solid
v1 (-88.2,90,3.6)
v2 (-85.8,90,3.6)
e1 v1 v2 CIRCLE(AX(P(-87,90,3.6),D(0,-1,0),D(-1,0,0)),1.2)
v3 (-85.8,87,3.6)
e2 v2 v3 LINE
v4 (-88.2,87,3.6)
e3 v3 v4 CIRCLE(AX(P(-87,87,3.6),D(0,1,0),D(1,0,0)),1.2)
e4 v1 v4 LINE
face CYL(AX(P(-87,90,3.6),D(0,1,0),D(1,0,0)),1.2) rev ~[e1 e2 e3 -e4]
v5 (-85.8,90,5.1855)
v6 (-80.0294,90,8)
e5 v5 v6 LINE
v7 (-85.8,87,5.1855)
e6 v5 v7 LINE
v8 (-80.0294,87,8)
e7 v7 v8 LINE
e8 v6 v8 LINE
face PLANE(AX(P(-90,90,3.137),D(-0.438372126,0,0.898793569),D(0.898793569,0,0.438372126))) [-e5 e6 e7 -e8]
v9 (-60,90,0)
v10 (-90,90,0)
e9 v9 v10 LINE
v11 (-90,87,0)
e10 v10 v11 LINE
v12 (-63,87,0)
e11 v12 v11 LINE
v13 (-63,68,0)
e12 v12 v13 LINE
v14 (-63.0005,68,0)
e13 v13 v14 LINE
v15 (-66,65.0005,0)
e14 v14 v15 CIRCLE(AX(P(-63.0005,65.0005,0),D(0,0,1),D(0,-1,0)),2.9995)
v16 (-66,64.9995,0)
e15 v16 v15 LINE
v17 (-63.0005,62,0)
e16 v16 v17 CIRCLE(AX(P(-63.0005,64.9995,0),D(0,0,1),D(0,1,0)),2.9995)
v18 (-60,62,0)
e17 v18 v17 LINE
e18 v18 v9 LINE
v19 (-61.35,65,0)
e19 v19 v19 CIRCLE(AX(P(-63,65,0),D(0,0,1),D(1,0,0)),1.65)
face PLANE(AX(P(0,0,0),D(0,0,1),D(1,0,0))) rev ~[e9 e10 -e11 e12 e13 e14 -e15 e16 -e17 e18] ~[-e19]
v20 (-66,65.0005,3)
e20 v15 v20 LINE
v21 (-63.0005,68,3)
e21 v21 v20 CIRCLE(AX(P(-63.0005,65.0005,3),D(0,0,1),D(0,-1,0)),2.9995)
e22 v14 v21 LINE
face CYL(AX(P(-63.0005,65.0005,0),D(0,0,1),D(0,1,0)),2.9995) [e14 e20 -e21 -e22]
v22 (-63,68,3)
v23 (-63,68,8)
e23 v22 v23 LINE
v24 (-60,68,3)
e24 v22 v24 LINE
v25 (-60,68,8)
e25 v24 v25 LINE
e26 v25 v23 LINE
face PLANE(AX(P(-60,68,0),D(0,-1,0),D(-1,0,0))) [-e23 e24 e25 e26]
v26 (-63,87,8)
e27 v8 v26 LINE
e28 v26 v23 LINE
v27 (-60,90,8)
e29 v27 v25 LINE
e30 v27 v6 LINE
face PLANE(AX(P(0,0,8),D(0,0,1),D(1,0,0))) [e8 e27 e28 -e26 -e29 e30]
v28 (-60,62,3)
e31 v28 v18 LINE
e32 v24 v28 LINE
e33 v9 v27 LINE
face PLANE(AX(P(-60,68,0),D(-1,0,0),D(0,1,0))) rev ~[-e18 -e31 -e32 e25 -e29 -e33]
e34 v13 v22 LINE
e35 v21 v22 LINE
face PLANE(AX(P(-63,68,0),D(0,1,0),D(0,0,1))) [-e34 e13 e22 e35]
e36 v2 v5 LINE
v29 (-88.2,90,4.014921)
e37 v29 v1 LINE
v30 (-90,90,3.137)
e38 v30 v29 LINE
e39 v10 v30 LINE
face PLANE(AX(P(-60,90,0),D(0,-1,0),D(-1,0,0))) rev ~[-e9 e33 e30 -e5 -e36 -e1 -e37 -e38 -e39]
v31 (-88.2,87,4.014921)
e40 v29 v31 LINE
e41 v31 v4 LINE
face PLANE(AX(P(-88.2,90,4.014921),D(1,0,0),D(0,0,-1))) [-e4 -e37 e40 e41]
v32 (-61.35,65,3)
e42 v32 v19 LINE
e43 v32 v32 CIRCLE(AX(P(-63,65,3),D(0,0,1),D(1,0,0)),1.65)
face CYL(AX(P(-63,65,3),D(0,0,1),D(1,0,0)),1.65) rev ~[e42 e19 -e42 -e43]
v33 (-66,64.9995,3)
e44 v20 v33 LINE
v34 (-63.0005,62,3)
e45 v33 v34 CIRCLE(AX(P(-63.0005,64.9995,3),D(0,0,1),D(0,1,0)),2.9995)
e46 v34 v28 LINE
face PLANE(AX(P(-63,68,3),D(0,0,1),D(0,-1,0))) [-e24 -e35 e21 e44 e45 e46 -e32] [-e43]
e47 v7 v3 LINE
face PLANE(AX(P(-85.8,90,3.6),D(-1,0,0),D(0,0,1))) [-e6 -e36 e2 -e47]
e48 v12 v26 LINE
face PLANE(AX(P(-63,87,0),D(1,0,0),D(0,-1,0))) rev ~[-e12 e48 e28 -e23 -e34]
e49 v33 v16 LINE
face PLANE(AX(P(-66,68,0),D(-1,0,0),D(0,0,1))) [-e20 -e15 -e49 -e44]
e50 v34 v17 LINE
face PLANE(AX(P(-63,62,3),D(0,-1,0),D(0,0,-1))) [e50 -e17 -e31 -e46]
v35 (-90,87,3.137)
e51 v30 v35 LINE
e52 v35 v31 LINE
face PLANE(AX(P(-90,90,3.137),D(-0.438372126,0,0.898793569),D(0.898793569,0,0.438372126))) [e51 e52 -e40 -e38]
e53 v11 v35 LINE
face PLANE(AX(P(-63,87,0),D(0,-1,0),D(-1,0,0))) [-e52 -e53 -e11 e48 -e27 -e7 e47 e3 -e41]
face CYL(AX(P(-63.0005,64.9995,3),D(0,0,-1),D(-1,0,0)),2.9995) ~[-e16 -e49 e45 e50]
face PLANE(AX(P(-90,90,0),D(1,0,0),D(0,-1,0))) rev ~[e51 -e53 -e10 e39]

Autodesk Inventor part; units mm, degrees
ref_plane "YZ Plane" through (0, 0, 0) normal (1, 0, 0) x (0, 1, 0)
ref_plane "XZ Plane" through (0, 0, 0) normal (0, 1, 0) x (-1, 0, 0)
ref_plane "XY Plane" through (0, 0, 0) normal (0, 0, 1) x (1, 0, 0)
sketch "Sketch1" plane through (0, 0, 0) normal (0, 0, 1) x (1, 0, 0)
  line L0 (-58, -60) -> (-60, -60) projected
  line L1 (-60, -60) -> (-60, -39.5) projected
  line L2 (-60, -39.5) -> (-58, -39.5) projected
  line L3 (-58, -39.5) -> (-58, -60) projected
  line L4 (49.6, 30) -> (51.6, 30) projected
  line L5 (51.6, 30) -> (51.6, 9.5) projected
  line L6 (51.6, 9.5) -> (49.6, 9.5) projected
  line L7 (49.6, 9.5) -> (49.6, 30) projected
  line L8 (-58, 39.5) -> (-60, 39.5) projected
  line L9 (-60, 39.5) -> (-60, 60) projected
  line L10 (-60, 60) -> (-58, 60) projected
  line L11 (-58, 60) -> (-58, 39.5) projected
  line L12 (-21.6, -39.5) -> (-19.6, -39.5) projected
  line L13 (-19.6, -39.5) -> (-19.6, -60) projected
  line L14 (-19.6, -60) -> (-21.6, -60) projected
  line L15 (-21.6, -60) -> (-21.6, -39.5) projected
  line L16 (51.6, -30) -> (49.6, -30) projected
  line L17 (49.6, -30) -> (49.6, -9.5) projected
  line L18 (49.6, -9.5) -> (51.6, -9.5) projected
  line L19 (51.6, -9.5) -> (51.6, -30) projected
  line L20 (-21.6, 60) -> (-19.6, 60) projected
  line L21 (-19.6, 60) -> (-19.6, 39.5) projected
  line L22 (-19.6, 39.5) -> (-21.6, 39.5) projected
  line L23 (-21.6, 39.5) -> (-21.6, 60) projected
  line L24 (90, -35) -> (90, 35) projected
  line L25 (90, 35) -> (49.6, 35) projected
  line L26 (49.6, 35) -> (49.6, 60) projected
  line L27 (49.6, 60) -> (90, 60) projected
  line L28 (90, 60) -> (90, 90) projected
  line L29 (90, 90) -> (-19.6, 90) projected
  line L30 (-19.6, 90) -> (-19.6, 65) projected
  line L31 (-19.6, 65) -> (-60, 65) projected
  line L32 (-60, 65) -> (-60, 90) projected
  line L33 (-60, 90) -> (-90, 90) projected
  line L34 (-90, 90) -> (-90, -90) projected
  line L35 (-90, -90) -> (-60, -90) projected
  line L36 (-60, -90) -> (-60, -65) projected
  line L37 (-60, -65) -> (-19.6, -65) projected
  line L38 (-19.6, -65) -> (-19.6, -90) projected
  line L39 (-19.6, -90) -> (90, -90) projected
  line L40 (90, -90) -> (90, -60) projected
  line L41 (90, -60) -> (49.6, -60) projected
  line L42 (49.6, -60) -> (49.6, -35) projected
  line L43 (49.6, -35) -> (90, -35) projected
  line L44 (86, -32) -> (73.8, -32) projected
  line L45 (73.8, -32) -> (73.8, -7.5) projected
  line L46 (73.8, -7.5) -> (86, -7.5) projected
  line L47 (86, -7.5) -> (86, -32) projected
  line L48 (65.8, -32) -> (53.6, -32) projected
  line L49 (53.6, -32) -> (53.6, -7.5) projected
  line L50 (53.6, -7.5) -> (65.8, -7.5) projected
  line L51 (65.8, -7.5) -> (65.8, -32) projected
  line L52 (86, -86) -> (70.6, -86) projected
  line L53 (70.6, -86) -> (70.6, -69.8) projected
  line L54 (70.6, -69.8) -> (86, -69.8) projected
  line L55 (86, -69.8) -> (86, -86) projected
  line L56 (86, 86) -> (86, 69.8) projected
  line L57 (86, 69.8) -> (70.6, 69.8) projected
  line L58 (70.6, 69.8) -> (70.6, 86) projected
  line L59 (70.6, 86) -> (86, 86) projected
  line L60 (73.8, 32) -> (86, 32) projected
  line L61 (86, 32) -> (86, 7.5) projected
  line L62 (86, 7.5) -> (73.8, 7.5) projected
  line L63 (73.8, 7.5) -> (73.8, 32) projected
  line L64 (65.8, 32) -> (65.8, 7.5) projected
  line L65 (65.8, 7.5) -> (53.6, 7.5) projected
  line L66 (53.6, 7.5) -> (53.6, 32) projected
  line L67 (53.6, 32) -> (65.8, 32) projected
  line L68 (-69.6, -87) -> (-85, -87) projected
  line L69 (-85, -87) -> (-85, -70.8) projected
  line L70 (-85, -70.8) -> (-69.6, -70.8) projected
  line L71 (-69.6, -70.8) -> (-69.6, -87) projected
  line L72 (-56, -62) -> (-56, -37.5) projected
  line L73 (-56, -37.5) -> (-43.8, -37.5) projected
  line L74 (-43.8, -37.5) -> (-43.8, -62) projected
  line L75 (-43.8, -62) -> (-56, -62) projected
  line L76 (-56, 62) -> (-43.8, 62) projected
  line L77 (-43.8, 62) -> (-43.8, 37.5) projected
  line L78 (-43.8, 37.5) -> (-56, 37.5) projected
  line L79 (-56, 37.5) -> (-56, 62) projected
  line L80 (-23.6, 62) -> (-23.6, 37.5) projected
  line L81 (-23.6, 37.5) -> (-35.8, 37.5) projected
  line L82 (-35.8, 37.5) -> (-35.8, 62) projected
  line L83 (-35.8, 62) -> (-23.6, 62) projected
  line L84 (-23.6, -62) -> (-35.8, -62) projected
  line L85 (-35.8, -62) -> (-35.8, -37.5) projected
  line L86 (-35.8, -37.5) -> (-23.6, -37.5) projected
  line L87 (-23.6, -37.5) -> (-23.6, -62) projected
  line L88 (-85, 87) -> (-69.6, 87) projected
  line L89 (-69.6, 87) -> (-69.6, 70.8) projected
  line L90 (-69.6, 70.8) -> (-85, 70.8) projected
  line L91 (-85, 70.8) -> (-85, 87) projected
  line L92 (-90, 90) -> (-60, 90)
  line L93 (-60, 90) -> (-60, 87)
  line L94 (-60, 87) -> (-90, 87)
  line L95 (-90, 87) -> (-90, 90)
  line L96 (-90, 90) -> (-60, 90)
  line L97 (-60, 90) -> (-60, 87)
  line L98 (-60, 87) -> (-90, 87)
  line L99 (-90, 87) -> (-90, 90)
  line L100 (-19.6, 65) -> (-60, 65) projected
  line L101 (-60, 65) -> (-60, 68) projected
  line L102 (-60, 68) -> (-63, 68) projected
  line L103 (-63, 62) -> (-16.6, 62) projected
  line L104 (-19.6, 68) -> (-19.6, 65) projected
  line L105 (-60, 87) -> (-63, 87)
  line L106 (-63, 87) -> (-63, 68)
  line L107 (-63, 68) -> (-60, 68)
  line L108 (-60, 68) -> (-60, 87)
  circle A0 centre (-63, -65) radius 1.5 projected
  circle A1 centre (-16.6, -87) radius 1.5 projected
  circle A2 centre (49.6, -87) radius 1.5 projected
  circle A3 centre (46.6, -60) radius 1.5 projected
  circle A4 centre (87, -63) radius 1.5 projected
  circle A5 centre (46.6, -32) radius 1.5 projected
  circle A6 centre (46.6, 32) radius 1.5 projected
  circle A7 centre (87, 63) radius 1.5 projected
  circle A8 centre (46.6, 60) radius 1.5 projected
  circle A9 centre (49.6, 87) radius 1.5 projected
  circle A10 centre (-16.6, 87) radius 1.5 projected
  circle A11 centre (-16.6, 65) radius 1.5 projected
  circle A12 centre (-63, 65) radius 1.5 projected
  arc A13 (-63, 68) -> (-63, 62) centre (-63, 65) ccw projected
  arc A14 (-16.6, 62) -> (-16.6, 68) centre (-16.6, 65) ccw projected
  line L109 (-16.6, 68) -> (-19.6, 68) projected
  line L110 (-76, -39.25) -> (-82, -39.25) projected
  line L111 (-82, -39.25) -> (-82, -20.75) projected
  line L112 (-82, -20.75) -> (-76, -20.75) projected
  line L113 (-76, -20.75) -> (-76, -39.25) projected
  line L114 (-76, 20.75) -> (-82, 20.75) projected
  line L115 (-82, 20.75) -> (-82, 39.25) projected
  line L116 (-82, 39.25) -> (-76, 39.25) projected
  line L117 (-76, 39.25) -> (-76, 20.75) projected
  circle A15 centre (-87, 55.8) radius 1.25 projected
  circle A16 centre (-87, -55.8) radius 1.25 projected
  point P0 (0, 0)
extrude "Extrusion1" add sketch "Sketch1" along normal blind 8 contours L102 L106 L94 L32 | L34 L33 L32 L94 L88
sketch "Sketch2" plane through (-63, 68, 0) normal (-1, 0, 0) x (0, 0, 1)
  line L0 (0, 0) -> (3, 0)
  line L1 (3, 0) -> (3, -6)
  line L2 (3, -6) -> (0, -6)
  line L3 (0, -6) -> (0, 0)
  point P0 (0, -68)
  dimension "d2" = 3
  dimension "d3" = 6
extrude "Extrusion2" add sketch "Sketch2" along normal mid plane 6
sketch "Sketch3" plane through (-66, 62, 3) normal (0, 0, 1) x (1, 0, 0)
  circle A0 centre (3, 3) radius 2 projected
  circle A1 centre (3, 3) radius 1.65
  point P0 (66, -62)
  dimension "d6" = 3.3
extrude "Extrusion3" cut sketch "Sketch3" against normal blind 3 contours A1
sketch "Sketch4" plane through (-90, 90, 0) normal (0, 1, 0) x (1, 0, 0)
  line L0 (0, 0) -> (27, 0) projected
  line L1 (0, 0) -> (0, -3.137)
  line L2 (0, 0) -> (0, -8) projected
  line L3 (0, -3.137) -> (9.9706, -8)
  line L4 (0, -3.137) -> (11.0933, -3.137) construction
  line L5 (30, -8) -> (0, -8) projected
  point P0 (90, 0)
  dimension "d9" = 3.137
  dimension "d10" = 26
extrude "Extrusion4" cut sketch "Sketch4" against normal blind 3
fillet "Fillet1" radius 3 2 edges at (-66, 62, 1.5) (-66, 68, 1.5)
sketch "Sketch5" plane through (-90, 90, 0) normal (0, 1, 0) x (1, 0, 0)
  circle A0 centre (3, -3.6) radius 1.2 projected
  line L0 (4.2, -4.8) -> (1.8, -4.8)
  line L1 (1.8, -4.8) -> (1.8, -2.4)
  line L2 (1.8, -2.4) -> (4.2, -2.4)
  line L3 (4.2, -2.4) -> (4.2, -4.8)
  line L4 (4.2, -4.8) -> (1.8, -2.4) construction
  line L5 (1.8, -4.8) -> (4.2, -2.4) construction
  line L6 (4.2, -4.8) -> (4.2, -5.1855)
  line L7 (9.9706, -8) -> (0, -3.137) projected
  line L8 (4.2, -5.1855) -> (3.3204, -4.7564)
  point P0 (90, 0)
  point P1 (4.2, -3.6)
  point P2 (3, -2.4)
  point P3 (3, -4.8)
  point P4 (1.8, -3.6)
  point P5 (3.4097, -4.8)
  point P6 (1.8, -4.0149)
extrude "Extrusion5" cut sketch "Sketch5" against normal blind 3 contours L7 A0 | A0 L3 L0 L7 | L0 L6 L7 | L7 L1 A0 picked at (3.1852, -3.7592)
properties part number "leftfrontwall"
